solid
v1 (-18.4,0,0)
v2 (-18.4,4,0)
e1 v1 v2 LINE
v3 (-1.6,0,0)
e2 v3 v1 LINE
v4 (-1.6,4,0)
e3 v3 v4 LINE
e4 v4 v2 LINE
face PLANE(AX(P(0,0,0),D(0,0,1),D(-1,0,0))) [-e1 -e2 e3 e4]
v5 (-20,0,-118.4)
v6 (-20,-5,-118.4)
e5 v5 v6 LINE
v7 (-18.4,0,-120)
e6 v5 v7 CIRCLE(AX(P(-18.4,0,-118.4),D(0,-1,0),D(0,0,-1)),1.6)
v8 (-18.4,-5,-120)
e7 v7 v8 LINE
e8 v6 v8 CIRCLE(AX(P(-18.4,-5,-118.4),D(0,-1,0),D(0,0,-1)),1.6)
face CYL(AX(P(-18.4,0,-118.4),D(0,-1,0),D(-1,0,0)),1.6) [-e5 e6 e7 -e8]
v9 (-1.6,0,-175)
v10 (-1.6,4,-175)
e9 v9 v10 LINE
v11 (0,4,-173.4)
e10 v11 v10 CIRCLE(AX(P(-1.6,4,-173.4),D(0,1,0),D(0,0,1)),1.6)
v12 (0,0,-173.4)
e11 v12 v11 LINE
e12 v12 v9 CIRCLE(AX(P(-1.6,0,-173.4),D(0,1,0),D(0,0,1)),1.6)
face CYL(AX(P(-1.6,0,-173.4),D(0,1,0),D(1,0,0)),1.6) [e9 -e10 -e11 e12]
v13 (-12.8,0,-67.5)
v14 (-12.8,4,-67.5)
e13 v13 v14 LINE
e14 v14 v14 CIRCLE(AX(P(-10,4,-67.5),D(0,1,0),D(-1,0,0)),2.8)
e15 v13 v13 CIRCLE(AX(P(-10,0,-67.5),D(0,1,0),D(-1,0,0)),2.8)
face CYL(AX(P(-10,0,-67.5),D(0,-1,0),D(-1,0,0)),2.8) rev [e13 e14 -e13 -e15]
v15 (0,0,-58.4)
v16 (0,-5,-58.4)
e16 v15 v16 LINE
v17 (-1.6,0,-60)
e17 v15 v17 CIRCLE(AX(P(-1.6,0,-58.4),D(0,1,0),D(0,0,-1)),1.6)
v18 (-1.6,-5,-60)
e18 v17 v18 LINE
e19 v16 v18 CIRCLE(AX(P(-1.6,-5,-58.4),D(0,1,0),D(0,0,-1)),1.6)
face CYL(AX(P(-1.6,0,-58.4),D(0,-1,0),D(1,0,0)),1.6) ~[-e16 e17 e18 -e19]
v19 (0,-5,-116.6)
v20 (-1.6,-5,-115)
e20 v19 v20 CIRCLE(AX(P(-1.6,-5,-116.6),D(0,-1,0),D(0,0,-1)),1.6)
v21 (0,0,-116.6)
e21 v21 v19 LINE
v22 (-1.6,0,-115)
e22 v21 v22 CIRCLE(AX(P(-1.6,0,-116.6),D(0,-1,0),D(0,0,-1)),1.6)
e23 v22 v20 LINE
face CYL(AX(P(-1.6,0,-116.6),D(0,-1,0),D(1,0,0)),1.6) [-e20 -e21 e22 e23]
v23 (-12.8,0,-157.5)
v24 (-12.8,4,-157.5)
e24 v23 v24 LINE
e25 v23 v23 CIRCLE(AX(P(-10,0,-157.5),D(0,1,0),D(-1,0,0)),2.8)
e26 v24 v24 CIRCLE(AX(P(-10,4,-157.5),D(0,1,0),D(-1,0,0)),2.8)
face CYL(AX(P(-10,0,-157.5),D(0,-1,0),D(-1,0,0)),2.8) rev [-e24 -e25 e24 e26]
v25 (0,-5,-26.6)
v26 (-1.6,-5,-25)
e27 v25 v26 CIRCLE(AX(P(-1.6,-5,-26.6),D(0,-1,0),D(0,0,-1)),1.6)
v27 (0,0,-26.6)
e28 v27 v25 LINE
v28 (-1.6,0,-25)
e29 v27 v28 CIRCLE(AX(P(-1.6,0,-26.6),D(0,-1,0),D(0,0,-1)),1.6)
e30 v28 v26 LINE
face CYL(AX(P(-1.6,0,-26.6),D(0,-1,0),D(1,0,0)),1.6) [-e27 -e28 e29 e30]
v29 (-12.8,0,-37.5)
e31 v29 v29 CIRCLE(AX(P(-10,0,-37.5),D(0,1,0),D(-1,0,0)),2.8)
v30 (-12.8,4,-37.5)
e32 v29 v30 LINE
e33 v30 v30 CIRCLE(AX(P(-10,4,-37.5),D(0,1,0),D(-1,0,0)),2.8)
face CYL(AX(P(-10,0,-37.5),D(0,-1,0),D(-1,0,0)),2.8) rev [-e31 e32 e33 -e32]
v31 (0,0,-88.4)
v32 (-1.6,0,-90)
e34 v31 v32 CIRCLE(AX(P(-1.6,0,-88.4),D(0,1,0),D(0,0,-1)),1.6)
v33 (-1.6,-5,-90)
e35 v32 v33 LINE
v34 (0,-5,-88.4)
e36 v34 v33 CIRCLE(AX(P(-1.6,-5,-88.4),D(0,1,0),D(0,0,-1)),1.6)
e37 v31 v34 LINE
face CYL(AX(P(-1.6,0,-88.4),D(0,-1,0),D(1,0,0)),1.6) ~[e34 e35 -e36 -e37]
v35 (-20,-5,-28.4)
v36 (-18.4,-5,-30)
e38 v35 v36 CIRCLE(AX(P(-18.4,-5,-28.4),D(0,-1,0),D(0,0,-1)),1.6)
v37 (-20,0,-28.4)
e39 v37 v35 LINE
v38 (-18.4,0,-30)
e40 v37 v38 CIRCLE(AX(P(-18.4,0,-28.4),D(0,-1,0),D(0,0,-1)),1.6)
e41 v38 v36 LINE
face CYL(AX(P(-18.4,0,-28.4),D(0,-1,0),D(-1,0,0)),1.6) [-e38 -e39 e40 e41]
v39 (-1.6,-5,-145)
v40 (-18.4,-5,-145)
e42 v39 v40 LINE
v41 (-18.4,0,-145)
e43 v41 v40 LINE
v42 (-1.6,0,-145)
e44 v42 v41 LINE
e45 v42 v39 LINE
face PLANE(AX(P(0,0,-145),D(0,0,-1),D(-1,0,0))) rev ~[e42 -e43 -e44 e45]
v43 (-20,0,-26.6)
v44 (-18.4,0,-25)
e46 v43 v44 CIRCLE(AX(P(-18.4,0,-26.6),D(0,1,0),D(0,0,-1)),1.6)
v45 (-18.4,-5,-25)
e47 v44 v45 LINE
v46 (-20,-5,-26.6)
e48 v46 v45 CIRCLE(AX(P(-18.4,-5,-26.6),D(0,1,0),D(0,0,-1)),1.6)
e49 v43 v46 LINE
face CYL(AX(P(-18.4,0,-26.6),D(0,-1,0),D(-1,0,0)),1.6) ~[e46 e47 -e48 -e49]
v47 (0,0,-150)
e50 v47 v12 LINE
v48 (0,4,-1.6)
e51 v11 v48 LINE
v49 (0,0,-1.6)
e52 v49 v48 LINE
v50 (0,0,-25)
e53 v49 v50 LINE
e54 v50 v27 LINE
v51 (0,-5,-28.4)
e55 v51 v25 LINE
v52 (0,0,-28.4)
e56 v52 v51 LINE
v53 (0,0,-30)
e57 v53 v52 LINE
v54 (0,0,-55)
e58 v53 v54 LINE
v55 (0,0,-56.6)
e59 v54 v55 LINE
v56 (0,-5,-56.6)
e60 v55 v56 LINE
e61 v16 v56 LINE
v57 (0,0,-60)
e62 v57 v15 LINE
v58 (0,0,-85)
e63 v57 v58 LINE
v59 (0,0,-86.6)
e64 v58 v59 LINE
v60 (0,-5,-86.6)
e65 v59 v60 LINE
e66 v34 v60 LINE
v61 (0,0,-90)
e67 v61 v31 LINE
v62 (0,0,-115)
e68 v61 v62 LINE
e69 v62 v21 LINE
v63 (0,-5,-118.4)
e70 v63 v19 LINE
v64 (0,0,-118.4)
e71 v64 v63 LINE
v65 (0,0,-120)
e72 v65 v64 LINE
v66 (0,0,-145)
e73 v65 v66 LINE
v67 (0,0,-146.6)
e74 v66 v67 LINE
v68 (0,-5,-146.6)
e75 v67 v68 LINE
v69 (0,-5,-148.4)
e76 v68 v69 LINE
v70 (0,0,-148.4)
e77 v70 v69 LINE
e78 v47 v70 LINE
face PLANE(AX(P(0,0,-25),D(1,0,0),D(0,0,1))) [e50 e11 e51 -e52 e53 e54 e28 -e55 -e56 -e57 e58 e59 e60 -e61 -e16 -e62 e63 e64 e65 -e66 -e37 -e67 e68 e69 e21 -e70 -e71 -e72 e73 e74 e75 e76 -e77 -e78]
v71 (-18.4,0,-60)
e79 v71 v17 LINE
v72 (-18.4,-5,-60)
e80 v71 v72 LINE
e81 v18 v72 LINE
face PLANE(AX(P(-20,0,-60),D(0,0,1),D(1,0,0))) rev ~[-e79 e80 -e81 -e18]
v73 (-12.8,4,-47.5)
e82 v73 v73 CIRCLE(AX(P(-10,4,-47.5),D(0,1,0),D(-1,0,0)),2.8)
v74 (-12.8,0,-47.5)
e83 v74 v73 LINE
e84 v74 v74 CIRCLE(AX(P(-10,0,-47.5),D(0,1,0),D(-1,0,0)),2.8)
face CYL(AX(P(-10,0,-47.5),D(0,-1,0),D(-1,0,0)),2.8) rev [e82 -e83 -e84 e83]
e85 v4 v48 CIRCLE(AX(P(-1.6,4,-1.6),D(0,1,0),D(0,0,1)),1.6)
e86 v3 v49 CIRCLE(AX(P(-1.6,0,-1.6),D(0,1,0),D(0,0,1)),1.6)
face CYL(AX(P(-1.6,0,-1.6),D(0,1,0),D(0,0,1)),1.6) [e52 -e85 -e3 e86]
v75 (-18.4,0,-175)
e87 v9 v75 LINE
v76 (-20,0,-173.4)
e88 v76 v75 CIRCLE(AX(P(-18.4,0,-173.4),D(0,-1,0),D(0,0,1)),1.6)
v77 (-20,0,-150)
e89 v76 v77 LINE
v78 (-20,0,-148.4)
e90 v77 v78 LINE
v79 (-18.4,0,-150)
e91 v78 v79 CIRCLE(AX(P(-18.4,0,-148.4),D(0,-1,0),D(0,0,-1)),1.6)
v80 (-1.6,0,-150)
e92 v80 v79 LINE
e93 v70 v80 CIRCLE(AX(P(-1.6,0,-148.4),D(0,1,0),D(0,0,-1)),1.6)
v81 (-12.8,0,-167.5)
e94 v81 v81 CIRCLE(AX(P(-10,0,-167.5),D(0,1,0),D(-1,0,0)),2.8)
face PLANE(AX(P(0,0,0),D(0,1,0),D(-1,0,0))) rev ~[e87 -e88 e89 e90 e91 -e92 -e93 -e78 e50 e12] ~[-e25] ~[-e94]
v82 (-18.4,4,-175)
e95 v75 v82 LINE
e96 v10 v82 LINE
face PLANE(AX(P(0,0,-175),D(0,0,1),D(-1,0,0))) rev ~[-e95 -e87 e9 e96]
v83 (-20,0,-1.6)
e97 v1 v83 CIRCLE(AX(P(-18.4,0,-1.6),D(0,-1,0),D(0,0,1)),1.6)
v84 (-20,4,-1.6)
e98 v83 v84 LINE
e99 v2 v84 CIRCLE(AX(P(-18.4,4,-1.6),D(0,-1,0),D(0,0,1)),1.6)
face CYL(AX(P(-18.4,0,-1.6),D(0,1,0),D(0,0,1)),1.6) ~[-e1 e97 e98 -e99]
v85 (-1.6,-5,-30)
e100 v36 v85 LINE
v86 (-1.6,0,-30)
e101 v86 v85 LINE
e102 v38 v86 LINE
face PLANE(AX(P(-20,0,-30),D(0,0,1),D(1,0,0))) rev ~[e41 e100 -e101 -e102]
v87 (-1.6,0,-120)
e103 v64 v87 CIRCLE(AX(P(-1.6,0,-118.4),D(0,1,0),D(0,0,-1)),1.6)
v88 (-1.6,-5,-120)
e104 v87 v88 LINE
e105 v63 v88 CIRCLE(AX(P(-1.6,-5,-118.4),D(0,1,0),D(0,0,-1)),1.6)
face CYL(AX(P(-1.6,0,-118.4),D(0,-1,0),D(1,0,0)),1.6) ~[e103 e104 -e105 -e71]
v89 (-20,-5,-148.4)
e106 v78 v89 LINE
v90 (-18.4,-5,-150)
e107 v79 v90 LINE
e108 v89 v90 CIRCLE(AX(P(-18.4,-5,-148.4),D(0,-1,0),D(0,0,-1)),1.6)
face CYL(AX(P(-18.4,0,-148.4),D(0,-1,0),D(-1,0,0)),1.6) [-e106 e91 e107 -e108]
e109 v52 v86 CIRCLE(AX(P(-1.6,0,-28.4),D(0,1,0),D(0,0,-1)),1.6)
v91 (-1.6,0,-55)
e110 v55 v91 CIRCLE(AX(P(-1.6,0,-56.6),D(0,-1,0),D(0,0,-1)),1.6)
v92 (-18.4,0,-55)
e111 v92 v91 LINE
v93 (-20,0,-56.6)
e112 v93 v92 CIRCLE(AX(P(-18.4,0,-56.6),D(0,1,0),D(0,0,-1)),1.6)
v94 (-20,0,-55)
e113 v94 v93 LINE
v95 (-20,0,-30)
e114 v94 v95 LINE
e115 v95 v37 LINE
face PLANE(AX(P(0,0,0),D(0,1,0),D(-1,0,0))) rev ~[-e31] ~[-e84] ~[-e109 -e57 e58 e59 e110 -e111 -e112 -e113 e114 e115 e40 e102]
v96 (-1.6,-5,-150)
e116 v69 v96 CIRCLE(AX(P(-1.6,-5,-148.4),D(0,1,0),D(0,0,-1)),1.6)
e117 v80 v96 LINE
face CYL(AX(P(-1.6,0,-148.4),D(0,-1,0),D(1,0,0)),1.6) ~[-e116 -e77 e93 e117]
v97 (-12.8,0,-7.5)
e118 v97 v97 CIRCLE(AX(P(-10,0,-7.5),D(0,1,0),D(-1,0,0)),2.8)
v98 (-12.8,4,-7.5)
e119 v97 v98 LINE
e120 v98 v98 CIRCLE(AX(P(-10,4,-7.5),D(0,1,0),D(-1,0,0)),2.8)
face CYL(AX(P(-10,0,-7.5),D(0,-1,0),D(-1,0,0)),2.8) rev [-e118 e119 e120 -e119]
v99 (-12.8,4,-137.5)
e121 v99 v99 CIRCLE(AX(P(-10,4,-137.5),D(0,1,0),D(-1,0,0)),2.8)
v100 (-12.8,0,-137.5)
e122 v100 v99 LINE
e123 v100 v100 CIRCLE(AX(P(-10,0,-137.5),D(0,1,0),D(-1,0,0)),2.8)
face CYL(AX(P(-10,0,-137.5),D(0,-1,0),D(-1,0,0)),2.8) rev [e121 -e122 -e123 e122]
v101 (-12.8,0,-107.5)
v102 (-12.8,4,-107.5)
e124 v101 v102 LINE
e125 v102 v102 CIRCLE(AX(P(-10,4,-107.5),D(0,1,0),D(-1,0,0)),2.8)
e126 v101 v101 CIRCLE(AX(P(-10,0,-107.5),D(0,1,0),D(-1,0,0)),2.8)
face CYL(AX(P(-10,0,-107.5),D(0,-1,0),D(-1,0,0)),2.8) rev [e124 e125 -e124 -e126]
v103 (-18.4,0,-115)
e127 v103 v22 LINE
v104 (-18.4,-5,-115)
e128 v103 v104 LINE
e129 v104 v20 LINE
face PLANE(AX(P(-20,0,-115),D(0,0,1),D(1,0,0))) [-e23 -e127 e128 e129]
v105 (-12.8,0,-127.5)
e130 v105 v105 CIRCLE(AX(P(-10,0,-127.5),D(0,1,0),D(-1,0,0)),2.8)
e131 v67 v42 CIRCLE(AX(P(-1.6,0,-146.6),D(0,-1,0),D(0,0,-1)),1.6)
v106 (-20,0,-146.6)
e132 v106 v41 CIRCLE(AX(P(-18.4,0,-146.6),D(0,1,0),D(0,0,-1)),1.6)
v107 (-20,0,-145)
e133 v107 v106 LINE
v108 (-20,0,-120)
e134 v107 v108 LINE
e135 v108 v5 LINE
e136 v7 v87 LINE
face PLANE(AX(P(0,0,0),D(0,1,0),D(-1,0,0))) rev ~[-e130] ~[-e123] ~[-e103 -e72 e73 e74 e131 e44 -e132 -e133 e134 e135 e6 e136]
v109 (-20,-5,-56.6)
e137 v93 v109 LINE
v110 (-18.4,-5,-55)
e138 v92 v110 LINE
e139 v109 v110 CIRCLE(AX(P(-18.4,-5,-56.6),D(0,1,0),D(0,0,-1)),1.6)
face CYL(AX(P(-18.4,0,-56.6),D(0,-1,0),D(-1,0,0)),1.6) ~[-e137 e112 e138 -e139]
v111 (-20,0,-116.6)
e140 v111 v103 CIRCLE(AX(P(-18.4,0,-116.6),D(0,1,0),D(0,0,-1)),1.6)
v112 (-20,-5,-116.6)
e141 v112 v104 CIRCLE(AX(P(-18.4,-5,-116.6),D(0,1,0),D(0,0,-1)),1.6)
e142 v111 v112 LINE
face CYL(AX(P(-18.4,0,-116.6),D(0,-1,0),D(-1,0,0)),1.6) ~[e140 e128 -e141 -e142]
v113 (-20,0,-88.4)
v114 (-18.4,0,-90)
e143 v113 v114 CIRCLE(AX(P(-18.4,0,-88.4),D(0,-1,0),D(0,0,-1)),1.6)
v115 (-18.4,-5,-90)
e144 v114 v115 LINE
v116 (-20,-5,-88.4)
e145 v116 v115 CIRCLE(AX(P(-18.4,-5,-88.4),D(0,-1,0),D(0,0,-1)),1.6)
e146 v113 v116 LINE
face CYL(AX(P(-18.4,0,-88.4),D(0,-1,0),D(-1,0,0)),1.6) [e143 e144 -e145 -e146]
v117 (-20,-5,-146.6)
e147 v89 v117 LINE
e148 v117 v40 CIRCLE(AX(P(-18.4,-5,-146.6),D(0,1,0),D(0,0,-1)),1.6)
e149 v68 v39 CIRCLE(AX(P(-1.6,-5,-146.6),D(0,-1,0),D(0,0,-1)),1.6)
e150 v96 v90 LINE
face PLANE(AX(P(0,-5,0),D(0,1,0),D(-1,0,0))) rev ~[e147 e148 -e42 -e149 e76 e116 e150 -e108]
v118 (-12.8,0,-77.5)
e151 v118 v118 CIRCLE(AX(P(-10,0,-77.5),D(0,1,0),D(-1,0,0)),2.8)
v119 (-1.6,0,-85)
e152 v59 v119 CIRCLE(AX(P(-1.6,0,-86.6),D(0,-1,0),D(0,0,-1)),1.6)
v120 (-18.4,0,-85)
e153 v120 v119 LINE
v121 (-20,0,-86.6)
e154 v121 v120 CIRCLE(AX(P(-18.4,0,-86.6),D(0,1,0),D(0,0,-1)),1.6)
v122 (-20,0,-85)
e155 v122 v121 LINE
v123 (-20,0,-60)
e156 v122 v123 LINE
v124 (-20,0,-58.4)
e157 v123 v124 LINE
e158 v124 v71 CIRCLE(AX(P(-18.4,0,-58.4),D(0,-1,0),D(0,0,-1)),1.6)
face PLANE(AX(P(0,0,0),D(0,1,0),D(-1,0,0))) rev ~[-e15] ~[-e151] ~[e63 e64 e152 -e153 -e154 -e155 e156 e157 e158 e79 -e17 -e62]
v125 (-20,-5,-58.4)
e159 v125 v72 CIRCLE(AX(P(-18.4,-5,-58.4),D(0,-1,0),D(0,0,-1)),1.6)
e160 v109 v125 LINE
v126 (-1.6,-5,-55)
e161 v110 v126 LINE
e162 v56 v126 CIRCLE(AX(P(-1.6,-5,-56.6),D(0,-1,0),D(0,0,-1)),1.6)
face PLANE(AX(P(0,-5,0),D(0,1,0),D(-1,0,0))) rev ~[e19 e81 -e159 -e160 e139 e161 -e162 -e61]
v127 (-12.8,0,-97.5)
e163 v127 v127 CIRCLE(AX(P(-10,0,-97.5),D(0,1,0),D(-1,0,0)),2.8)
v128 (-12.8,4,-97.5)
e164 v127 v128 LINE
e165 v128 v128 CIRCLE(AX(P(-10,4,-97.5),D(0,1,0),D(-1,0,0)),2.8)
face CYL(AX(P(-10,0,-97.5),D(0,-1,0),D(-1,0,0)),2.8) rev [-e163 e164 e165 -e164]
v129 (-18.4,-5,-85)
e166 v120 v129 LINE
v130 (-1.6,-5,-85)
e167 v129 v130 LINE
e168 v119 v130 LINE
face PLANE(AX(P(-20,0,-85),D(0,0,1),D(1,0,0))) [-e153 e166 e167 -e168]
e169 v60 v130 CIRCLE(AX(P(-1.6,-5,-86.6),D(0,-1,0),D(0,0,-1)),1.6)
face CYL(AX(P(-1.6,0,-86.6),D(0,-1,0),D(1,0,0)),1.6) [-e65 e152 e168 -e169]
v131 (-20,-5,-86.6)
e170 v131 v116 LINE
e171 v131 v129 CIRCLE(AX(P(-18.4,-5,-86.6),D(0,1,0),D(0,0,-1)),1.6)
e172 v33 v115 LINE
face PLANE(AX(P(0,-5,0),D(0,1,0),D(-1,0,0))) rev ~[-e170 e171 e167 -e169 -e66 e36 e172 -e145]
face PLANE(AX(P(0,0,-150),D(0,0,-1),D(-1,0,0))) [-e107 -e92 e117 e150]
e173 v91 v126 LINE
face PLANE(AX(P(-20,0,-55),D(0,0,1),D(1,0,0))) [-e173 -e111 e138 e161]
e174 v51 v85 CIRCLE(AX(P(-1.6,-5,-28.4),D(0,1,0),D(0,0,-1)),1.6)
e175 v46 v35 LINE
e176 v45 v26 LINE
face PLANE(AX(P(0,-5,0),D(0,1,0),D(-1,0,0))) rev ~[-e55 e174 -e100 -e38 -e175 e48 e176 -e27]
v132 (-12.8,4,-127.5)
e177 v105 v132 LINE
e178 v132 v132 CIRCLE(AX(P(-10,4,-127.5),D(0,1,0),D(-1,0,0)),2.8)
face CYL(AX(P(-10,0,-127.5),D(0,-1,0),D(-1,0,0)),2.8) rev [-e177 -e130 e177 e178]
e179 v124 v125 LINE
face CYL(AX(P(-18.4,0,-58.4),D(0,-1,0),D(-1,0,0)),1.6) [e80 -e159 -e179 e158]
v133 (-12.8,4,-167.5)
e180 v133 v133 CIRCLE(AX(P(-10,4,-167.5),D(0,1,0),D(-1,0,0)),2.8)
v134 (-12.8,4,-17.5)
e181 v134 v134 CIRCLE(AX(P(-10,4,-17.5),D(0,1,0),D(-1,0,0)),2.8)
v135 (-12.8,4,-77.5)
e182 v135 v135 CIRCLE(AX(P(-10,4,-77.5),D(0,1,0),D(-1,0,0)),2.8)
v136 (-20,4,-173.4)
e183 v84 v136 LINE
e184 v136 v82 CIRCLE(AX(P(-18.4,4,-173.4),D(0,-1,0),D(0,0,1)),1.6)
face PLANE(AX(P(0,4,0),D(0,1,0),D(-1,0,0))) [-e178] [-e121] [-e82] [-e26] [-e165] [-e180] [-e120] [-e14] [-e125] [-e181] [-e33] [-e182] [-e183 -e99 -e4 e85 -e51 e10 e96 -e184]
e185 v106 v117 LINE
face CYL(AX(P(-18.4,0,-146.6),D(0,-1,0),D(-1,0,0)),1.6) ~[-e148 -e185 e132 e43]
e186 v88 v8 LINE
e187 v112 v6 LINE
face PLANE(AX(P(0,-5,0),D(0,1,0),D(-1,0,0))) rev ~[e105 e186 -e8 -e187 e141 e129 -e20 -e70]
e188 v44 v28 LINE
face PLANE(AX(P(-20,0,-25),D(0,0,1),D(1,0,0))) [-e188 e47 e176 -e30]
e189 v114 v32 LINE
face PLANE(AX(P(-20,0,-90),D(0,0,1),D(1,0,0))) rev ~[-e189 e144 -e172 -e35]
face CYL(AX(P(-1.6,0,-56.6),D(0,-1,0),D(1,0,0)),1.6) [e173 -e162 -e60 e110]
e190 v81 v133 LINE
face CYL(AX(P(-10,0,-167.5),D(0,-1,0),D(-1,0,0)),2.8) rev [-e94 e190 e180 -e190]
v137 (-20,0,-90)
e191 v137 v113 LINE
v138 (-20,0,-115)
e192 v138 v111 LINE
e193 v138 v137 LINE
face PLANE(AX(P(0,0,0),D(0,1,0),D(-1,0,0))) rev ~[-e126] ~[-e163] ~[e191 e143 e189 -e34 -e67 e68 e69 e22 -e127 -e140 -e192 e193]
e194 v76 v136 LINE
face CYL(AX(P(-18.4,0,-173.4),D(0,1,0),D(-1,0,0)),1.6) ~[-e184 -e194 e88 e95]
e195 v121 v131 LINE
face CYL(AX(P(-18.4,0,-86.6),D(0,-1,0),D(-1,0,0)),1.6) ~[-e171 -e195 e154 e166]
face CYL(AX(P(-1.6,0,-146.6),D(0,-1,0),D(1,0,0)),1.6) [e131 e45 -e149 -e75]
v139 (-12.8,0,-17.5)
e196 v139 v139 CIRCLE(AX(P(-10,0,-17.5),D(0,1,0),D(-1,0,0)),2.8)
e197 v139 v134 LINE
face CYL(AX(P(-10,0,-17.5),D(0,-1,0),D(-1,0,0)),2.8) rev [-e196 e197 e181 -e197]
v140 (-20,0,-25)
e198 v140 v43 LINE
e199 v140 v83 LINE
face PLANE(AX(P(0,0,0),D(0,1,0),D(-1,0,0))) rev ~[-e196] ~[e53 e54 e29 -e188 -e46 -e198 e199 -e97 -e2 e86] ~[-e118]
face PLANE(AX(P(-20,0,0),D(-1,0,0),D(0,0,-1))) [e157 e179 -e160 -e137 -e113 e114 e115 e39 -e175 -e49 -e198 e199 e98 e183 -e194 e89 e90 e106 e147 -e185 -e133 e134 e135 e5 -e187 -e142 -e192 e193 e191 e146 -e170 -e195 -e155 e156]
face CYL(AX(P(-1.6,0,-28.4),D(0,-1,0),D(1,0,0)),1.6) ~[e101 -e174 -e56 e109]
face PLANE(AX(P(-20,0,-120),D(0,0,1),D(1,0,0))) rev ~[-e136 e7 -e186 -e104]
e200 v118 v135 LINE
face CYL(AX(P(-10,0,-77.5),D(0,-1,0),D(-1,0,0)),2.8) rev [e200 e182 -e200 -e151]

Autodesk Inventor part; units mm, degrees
ref_plane "YZ Plane" through (0, 0, 0) normal (1, 0, 0) x (0, 1, 0)
ref_plane "XZ Plane" through (0, 0, 0) normal (0, 1, 0) x (-1, 0, 0)
ref_plane "XY Plane" through (0, 0, 0) normal (0, 0, 1) x (1, 0, 0)
sketch "Szkic1" plane through (0, 0, 0) normal (0, 1, 0) x (-1, 0, 0)
  line L0 (0, 0) -> (20, 0)
  line L1 (20, 0) -> (20, -25)
  line L2 (20, -25) -> (0, -25)
  line L3 (0, -25) -> (0, 0)
  line L4 (0, -25) -> (20, -25)
  line L5 (20, -25) -> (20, -30)
  line L6 (20, -30) -> (0, -30)
  line L7 (0, -30) -> (0, -25)
  line L8 (0, -30) -> (20, -30)
  line L9 (0, -30) -> (20, -30)
  line L10 (20, -30) -> (20, -55)
  line L11 (20, -55) -> (0, -55)
  line L12 (0, -55) -> (0, -30)
  line L13 (0, -55) -> (20, -55)
  line L14 (20, -55) -> (20, -60)
  line L15 (20, -60) -> (0, -60)
  line L16 (0, -60) -> (0, -55)
  line L17 (0, -60) -> (12.1994, -60)
  line L18 (0, -60) -> (20, -60)
  line L19 (20, -60) -> (20, -85)
  line L20 (20, -85) -> (0, -85)
  line L21 (0, -85) -> (0, -60)
  line L22 (0, -85) -> (20, -85)
  line L23 (20, -85) -> (20, -90)
  line L24 (20, -90) -> (0, -90)
  line L25 (0, -90) -> (0, -85)
  line L26 (0, -90) -> (12.1994, -90)
  line L27 (0, -90) -> (20, -90)
  line L28 (20, -90) -> (20, -115)
  line L29 (20, -115) -> (0, -115)
  line L30 (0, -115) -> (0, -90)
  line L31 (0, -115) -> (20, -115)
  line L32 (20, -115) -> (20, -120)
  line L33 (20, -120) -> (0, -120)
  line L34 (0, -120) -> (0, -115)
  line L35 (0, -120) -> (3.8166, -120)
  line L36 (20, -120) -> (0, -120)
  line L37 (0, -120) -> (0, -145)
  line L38 (0, -145) -> (20, -145)
  line L39 (20, -145) -> (20, -120)
  circle A0 centre (10, -7.5) radius 2.8
  circle A1 centre (10, -17.5) radius 2.8
  line L40 (20, -42.5) -> (0, -42.5) construction
  line L41 (20, -72.5) -> (0, -72.5) construction
  line L42 (20, -102.5) -> (0, -102.5) construction
  line L43 (20, -132.5) -> (0, -132.5) construction
  line L44 (20, -12.5) -> (0, -12.5) construction
  circle A2 centre (10, -47.5) radius 2.8
  circle A3 centre (10, -37.5) radius 2.8
  circle A4 centre (10, -77.5) radius 2.8
  circle A5 centre (10, -67.5) radius 2.8
  circle A6 centre (10, -107.5) radius 2.8
  circle A7 centre (10, -97.5) radius 2.8
  circle A8 centre (10, -137.5) radius 2.8
  circle A9 centre (10, -127.5) radius 2.8
  circle A10 centre (10, -167.5) radius 2.8
  circle A11 centre (10, -157.5) radius 2.8
  line L45 (20, -145) -> (0, -145)
  line L46 (0, -145) -> (0, -150)
  line L47 (0, -150) -> (20, -150)
  line L48 (20, -150) -> (20, -145)
  line L49 (20, -150) -> (0, -150)
  line L50 (0, -150) -> (0, -175)
  line L51 (0, -175) -> (20, -175)
  line L52 (20, -175) -> (20, -150)
  line L53 (20, -162.5) -> (0, -162.5) construction
  dimension "d2" = 20
  dimension "d3" = 25
  dimension "d4" = 5
  dimension "d14" = 10
  dimension "d16" = 10
  dimension "d17" = 5.6
  dimension "d20" = 30
extrude "Wyciągnięcie proste1" add sketch "Szkic1" along normal blind 4
extrude "Wyciągnięcie proste2" add sketch "Szkic1" against normal blind 5 contours L2 L5 L6 L7 | L11 L14 L15 L16 | L20 L23 L24 L25 | L29 L32 L33 L34 | L38 L48 L47 L46
fillet "Zaokrąglenie1" radius 1.6 24 edges at (0, 2, 0) (-20, 2, 0) (0, 2, -175) (-20, 2, -175) (-20, -2.5, -150) (0, -2.5, -150) (0, -2.5, -145) (-20, -2.5, -145) (0, -2.5, -120) (0, -2.5, -115) (-20, -2.5, -120) (-20, -2.5, -115) (-20, -2.5, -90) (-20, -2.5, -85) (0, -2.5, -90) (0, -2.5, -85) (0, -2.5, -60) (0, -2.5, -55) (-20, -2.5, -55) (-20, -2.5, -60) (-20, -2.5, -30) (-20, -2.5, -25) (0, -2.5, -25) (0, -2.5, -30)
equation "\"d16\" = 0.5 * d2"
properties part number "belka_poprzeg" material "PLA"
